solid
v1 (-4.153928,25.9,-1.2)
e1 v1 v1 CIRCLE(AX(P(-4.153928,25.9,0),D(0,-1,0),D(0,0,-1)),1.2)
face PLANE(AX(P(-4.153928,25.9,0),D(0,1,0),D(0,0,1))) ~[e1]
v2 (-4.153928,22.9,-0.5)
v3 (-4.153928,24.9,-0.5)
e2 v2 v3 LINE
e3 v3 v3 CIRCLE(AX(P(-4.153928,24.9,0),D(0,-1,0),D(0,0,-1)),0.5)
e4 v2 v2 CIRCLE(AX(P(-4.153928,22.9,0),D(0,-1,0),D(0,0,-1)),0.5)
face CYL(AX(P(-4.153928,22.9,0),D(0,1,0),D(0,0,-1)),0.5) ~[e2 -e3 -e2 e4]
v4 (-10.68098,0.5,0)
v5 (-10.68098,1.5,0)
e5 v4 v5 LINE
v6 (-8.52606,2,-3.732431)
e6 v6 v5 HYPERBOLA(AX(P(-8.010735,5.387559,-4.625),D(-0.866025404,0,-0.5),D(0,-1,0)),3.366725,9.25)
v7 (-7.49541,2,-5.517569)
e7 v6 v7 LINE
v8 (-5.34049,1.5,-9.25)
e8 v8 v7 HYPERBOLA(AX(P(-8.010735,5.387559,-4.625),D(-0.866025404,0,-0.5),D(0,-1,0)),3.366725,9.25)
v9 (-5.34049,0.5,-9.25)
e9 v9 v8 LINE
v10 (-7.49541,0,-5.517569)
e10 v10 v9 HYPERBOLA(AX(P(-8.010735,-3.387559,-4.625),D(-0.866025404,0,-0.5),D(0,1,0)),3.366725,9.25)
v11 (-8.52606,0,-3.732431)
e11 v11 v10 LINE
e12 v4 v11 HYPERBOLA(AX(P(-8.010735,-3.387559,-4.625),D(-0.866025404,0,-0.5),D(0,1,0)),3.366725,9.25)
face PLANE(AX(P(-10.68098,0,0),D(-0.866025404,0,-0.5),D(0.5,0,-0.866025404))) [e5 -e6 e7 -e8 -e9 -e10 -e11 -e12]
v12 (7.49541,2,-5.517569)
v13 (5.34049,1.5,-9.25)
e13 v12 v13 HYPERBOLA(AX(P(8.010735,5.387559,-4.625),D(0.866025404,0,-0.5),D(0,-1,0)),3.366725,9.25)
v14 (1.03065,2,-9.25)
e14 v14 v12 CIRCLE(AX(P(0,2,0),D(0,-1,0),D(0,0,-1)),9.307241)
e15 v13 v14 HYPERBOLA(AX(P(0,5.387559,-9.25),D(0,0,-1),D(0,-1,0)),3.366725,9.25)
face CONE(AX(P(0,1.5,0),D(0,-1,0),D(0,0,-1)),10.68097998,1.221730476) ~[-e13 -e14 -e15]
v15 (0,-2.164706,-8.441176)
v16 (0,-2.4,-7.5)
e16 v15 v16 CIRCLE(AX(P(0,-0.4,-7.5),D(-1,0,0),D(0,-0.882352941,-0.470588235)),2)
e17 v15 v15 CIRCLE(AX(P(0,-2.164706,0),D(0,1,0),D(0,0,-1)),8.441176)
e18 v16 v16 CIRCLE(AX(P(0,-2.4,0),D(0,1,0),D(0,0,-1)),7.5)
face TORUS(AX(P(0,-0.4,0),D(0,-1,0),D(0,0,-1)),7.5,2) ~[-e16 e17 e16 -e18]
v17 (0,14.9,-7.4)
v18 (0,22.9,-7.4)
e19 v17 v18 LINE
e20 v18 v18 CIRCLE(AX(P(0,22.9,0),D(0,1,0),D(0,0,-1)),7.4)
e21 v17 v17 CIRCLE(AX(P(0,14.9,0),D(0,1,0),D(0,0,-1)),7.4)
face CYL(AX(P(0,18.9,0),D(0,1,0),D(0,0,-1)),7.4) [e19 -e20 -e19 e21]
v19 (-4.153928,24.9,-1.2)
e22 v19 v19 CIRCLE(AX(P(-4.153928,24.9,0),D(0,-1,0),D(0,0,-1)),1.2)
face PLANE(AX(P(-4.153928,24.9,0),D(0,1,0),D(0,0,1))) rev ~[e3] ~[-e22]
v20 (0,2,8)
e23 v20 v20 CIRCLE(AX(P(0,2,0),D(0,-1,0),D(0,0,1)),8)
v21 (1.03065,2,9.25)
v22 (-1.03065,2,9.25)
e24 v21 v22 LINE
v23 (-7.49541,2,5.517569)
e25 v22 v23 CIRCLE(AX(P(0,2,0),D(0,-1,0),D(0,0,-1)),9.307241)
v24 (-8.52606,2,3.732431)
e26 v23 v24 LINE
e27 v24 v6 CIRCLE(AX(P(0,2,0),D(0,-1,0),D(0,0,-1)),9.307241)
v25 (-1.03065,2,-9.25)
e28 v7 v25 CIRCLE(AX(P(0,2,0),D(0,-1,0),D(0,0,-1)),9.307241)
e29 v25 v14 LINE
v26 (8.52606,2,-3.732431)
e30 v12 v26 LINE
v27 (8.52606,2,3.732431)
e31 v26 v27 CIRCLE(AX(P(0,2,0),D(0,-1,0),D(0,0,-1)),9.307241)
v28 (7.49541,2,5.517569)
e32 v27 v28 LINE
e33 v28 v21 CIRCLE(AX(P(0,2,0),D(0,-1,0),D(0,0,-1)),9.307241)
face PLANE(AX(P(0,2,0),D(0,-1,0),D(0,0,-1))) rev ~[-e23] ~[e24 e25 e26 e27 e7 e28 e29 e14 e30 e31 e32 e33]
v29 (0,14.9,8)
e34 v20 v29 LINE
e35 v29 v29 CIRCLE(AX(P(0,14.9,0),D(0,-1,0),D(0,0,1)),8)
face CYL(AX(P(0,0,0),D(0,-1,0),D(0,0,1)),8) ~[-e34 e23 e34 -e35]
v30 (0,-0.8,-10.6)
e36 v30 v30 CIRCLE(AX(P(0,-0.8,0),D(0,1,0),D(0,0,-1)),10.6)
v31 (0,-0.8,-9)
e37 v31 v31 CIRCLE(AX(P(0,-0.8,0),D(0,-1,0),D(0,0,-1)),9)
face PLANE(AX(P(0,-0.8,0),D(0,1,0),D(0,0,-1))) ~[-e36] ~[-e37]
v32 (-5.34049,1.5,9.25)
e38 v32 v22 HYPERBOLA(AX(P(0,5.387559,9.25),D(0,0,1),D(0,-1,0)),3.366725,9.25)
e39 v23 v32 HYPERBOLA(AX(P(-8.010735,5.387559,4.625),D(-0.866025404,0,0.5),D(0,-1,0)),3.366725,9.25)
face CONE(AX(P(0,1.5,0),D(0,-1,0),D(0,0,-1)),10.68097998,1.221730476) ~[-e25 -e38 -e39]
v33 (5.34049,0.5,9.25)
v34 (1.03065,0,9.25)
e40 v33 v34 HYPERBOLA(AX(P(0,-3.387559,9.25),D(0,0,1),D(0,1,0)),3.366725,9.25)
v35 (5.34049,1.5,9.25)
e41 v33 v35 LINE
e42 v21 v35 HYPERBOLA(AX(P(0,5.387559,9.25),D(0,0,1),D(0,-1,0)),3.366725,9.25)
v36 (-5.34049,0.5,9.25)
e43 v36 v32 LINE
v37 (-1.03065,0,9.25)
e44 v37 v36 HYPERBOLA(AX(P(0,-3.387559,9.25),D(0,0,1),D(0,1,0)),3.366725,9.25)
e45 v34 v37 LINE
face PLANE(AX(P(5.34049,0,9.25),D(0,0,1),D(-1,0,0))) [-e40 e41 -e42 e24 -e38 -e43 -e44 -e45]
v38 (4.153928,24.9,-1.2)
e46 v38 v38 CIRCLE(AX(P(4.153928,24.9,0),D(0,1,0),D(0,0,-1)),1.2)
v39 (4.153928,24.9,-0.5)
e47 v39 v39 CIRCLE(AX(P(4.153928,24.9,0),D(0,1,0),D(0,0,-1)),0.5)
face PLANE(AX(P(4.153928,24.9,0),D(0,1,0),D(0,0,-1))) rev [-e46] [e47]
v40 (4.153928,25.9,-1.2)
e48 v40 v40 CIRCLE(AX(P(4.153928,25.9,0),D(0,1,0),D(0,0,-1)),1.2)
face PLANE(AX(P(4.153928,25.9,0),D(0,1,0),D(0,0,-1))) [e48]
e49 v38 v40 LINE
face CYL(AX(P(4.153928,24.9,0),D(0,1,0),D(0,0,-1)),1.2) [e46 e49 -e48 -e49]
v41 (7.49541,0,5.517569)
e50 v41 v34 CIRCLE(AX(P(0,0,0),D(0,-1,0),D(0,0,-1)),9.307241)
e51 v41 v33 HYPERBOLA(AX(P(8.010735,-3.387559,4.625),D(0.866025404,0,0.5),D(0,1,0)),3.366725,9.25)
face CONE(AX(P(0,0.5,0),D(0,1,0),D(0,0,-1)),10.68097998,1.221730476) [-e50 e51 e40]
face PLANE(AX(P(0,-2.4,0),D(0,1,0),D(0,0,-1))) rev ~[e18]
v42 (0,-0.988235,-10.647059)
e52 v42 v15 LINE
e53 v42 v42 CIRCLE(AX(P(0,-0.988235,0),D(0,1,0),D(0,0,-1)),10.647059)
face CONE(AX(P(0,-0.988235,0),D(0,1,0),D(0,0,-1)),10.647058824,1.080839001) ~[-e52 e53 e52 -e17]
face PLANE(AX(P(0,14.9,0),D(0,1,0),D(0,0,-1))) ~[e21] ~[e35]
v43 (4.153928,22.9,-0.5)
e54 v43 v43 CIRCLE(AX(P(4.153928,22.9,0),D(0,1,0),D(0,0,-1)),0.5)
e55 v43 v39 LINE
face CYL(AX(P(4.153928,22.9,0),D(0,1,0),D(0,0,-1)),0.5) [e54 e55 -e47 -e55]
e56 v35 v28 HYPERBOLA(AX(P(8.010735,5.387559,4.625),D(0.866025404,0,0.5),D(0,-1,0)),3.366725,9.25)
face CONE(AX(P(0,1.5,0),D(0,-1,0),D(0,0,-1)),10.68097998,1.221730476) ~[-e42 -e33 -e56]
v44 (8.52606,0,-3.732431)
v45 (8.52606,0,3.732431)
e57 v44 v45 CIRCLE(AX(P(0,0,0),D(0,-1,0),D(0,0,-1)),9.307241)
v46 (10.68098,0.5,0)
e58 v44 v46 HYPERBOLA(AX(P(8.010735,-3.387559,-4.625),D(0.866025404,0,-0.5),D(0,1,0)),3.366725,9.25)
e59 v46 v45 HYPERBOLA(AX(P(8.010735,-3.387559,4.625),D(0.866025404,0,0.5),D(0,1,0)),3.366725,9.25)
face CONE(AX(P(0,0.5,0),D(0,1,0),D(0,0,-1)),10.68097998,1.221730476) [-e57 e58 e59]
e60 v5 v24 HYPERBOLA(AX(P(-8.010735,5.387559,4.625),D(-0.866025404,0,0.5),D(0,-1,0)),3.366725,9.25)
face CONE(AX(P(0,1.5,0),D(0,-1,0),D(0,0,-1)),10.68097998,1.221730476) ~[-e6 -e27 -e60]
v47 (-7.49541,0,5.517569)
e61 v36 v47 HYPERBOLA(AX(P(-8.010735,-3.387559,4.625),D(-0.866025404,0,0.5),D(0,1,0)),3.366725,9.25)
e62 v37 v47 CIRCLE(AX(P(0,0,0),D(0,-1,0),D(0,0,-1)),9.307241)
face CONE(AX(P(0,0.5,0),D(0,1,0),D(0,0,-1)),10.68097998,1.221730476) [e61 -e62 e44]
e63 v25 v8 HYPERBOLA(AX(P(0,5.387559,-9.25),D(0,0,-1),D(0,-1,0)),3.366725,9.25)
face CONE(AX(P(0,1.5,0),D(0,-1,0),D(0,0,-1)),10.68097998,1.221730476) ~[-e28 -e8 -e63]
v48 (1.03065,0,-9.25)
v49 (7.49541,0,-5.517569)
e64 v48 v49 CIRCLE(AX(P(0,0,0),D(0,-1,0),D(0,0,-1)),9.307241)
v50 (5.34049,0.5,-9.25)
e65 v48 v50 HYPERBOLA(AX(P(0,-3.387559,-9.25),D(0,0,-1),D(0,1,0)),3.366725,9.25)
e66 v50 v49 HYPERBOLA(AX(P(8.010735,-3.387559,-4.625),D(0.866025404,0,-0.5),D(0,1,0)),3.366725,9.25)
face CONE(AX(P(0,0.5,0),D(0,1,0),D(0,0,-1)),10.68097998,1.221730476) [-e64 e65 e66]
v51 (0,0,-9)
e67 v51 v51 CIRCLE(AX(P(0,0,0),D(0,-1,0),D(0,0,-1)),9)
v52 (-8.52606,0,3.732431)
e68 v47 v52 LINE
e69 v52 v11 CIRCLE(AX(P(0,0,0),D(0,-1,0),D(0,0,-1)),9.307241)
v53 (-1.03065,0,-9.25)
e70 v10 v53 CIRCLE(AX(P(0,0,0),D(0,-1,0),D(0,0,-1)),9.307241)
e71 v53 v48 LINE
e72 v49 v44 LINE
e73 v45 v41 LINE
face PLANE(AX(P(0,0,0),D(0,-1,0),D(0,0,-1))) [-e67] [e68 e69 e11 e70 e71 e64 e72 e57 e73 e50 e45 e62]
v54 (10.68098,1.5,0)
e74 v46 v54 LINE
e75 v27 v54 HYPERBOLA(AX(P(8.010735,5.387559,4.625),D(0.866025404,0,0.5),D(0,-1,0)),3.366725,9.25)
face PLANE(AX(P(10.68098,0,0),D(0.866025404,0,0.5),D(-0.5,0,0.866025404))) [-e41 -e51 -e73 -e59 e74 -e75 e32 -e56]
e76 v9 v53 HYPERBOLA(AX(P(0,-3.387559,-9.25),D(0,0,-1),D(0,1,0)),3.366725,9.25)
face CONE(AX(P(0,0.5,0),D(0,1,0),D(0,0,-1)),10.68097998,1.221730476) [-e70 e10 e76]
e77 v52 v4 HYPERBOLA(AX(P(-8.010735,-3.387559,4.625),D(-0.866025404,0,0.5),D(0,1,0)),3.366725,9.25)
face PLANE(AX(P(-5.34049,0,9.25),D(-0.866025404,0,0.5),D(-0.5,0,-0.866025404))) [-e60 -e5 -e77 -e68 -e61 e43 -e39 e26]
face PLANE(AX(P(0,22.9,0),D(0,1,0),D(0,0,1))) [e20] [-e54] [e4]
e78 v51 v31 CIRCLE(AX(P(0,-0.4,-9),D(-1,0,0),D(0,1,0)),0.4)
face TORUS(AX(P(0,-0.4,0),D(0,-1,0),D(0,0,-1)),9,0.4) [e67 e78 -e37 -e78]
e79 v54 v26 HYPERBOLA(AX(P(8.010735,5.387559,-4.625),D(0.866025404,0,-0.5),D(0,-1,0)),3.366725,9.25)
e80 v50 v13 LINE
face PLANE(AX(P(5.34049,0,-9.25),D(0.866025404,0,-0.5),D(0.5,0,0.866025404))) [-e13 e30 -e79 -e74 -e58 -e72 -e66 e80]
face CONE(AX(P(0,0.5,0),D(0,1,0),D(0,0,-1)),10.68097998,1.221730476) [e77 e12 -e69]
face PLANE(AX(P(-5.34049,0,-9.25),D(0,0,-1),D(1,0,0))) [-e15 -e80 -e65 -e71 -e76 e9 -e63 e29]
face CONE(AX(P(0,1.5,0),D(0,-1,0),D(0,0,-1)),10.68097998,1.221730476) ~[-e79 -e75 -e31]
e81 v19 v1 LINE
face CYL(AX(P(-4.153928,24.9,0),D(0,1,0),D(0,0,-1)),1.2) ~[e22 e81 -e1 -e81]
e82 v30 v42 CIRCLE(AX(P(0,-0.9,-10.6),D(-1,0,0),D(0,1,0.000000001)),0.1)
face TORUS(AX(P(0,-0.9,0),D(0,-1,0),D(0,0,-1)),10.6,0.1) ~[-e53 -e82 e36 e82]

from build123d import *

# Parameters (mm, degrees)
SKETCH_2_R          = 8
EXTRUDE_1_DEPTH     = 22.9
SKETCH_4_R          = 10.68097998
EXTRUDE_3_DEPTH     = 2
CHAMFER_1_SIZE      = 0.5
CHAMFER_1_SIZE2     = 1.37373871
CHAMFER_2_SIZE      = 0.5
CHAMFER_2_SIZE2     = 1.37373871
CUT_EXTRUDE_1_DEPTH = 2
SKETCH_9_W          = 0.6
SKETCH_9_H          = 8


with BuildPart() as part:
    # 草图2 → 凸台-拉伸1 (new body)
    with BuildSketch(Plane(origin=(0, 0, 0), x_dir=(1, 0, 0), z_dir=(0, 1, 0))):
        with Locations(Location((0, 0, 0), (0, 0, 270))):
            Circle(SKETCH_2_R)
    extrude(amount=EXTRUDE_1_DEPTH)

    # 草图4 → 凸台-拉伸3 (add)
    with BuildSketch(Plane.XZ):
        with Locations(Location((0, 0, 0), (0, 0, 270))):
            Circle(SKETCH_4_R)
    extrude(amount=-EXTRUDE_3_DEPTH)

    # 倒角1
    chamfer_1_edges = [part.edges().sort_by_distance(p)[0] for p in [
        (0, 0, 10.68097998),
    ]]
    chamfer_1_side = [part.faces().sort_by_distance(p)[0] for p in [
        (0, 1, 10.68097998),
    ]]
    chamfer(chamfer_1_edges, length=CHAMFER_1_SIZE, length2=CHAMFER_1_SIZE2, reference=chamfer_1_side[0])

    # 倒角2
    chamfer_2_edges = [part.edges().sort_by_distance(p)[0] for p in [
        (0, 2, 10.68097998),
    ]]
    chamfer_2_side = [part.faces().sort_by_distance(p)[0] for p in [
        (0, 1.25, 10.68097998),
    ]]
    chamfer(chamfer_2_edges, length=CHAMFER_2_SIZE, length2=CHAMFER_2_SIZE2, reference=chamfer_2_side[0])

    # 草图1 → 切除-拉伸1 (cut)
    with BuildSketch(Plane(origin=(0, 0, 0), x_dir=(1, 0, 0), z_dir=(0, 1, 0))):
        with BuildLine():
            Line((5.34048999, 9.25), (10.68097998, 0))
            ThreePointArc((10.68097998, 0), (9.25, 5.34048999), (5.34048999, 9.25))
        make_face()
        with BuildLine():
            Line((-5.34048999, 9.25), (5.34048999, 9.25))
            ThreePointArc((5.34048999, 9.25), (0, 10.68097998), (-5.34048999, 9.25))
        make_face()
        with BuildLine():
            ThreePointArc((5.34048999, -9.25), (9.25, -5.34048999), (10.68097998, 0))
            Line((10.68097998, 0), (5.34048999, -9.25))
        make_face()
        with BuildLine():
            ThreePointArc((-5.34048999, -9.25), (0, -10.68097998), (5.34048999, -9.25))
            Line((5.34048999, -9.25), (-5.34048999, -9.25))
        make_face()
        with BuildLine():
            ThreePointArc((-10.68097998, 0), (-9.25, -5.34048999), (-5.34048999, -9.25))
            Line((-5.34048999, -9.25), (-10.68097998, 0))
        make_face()
        with BuildLine():
            Line((-10.68097998, 0), (-5.34048999, 9.25))
            ThreePointArc((-5.34048999, 9.25), (-9.25, 5.34048999), (-10.68097998, 0))
        make_face()
    extrude(amount=CUT_EXTRUDE_1_DEPTH, mode=Mode.SUBTRACT)

    # 草图6 → 旋转1 (revolve)
    with BuildSketch(Plane.XY, mode=Mode.PRIVATE) as revolve_1_sk:
        with BuildLine():
            Line((0, 0), (9, 0))
            ThreePointArc((9, 0), (9.4, -0.4), (9, -0.8))
            Line((9, -0.8), (0, -0.8))
            Line((0, -0.8), (0, 0))
        make_face()
    revolve(revolve_1_sk.sketch.rotate(Axis((0, 0, 0), (0, -1, 0)), 270), axis=Axis((0, 0, 0), (0, -1, 0)))

    # 草图7 → 旋转2 (revolve)
    with BuildSketch(Plane.XY, mode=Mode.PRIVATE) as revolve_2_sk:
        with BuildLine():
            Line((0, -0.8), (10.6, -0.8))
            ThreePointArc((10.6, -0.8), (10.69701425, -0.875746437), (10.647058824, -0.988235294))
            Line((10.647058824, -0.988235294), (8.441176471, -2.164705882))
            ThreePointArc((8.441176471, -2.164705882), (7.98507125, -2.340285), (7.5, -2.4))
            Line((7.5, -2.4), (0, -2.4))
            Line((0, -2.4), (0, -0.8))
        make_face()
    revolve(revolve_2_sk.sketch.rotate(Axis((0, -2.4, 0), (0, 1, 0)), 90), axis=Axis((0, -2.4, 0), (0, 1, 0)))

    # 草图9 → 切除-旋转1 (revolve, cut)
    with BuildSketch(Plane.XY, mode=Mode.PRIVATE) as cut_revolve_1_sk:
        with Locations((7.7, 18.9)):
            Rectangle(SKETCH_9_W, SKETCH_9_H)
    revolve(cut_revolve_1_sk.sketch.rotate(Axis((0, 0, 0), (0, 1, 0)), 90), axis=Axis((0, 0, 0), (0, 1, 0)), mode=Mode.SUBTRACT)

    # 草图10 → 旋转4 (revolve)
    with BuildSketch(Plane.XY, mode=Mode.PRIVATE) as revolve_4_sk:
        Polygon((4.153927956, 22.9), (4.653927956, 22.9), (4.653927956, 24.9), (5.353927956, 24.9), (5.353927956, 25.9), (4.153927956, 25.9), align=None)
    revolve_4 = revolve(revolve_4_sk.sketch.rotate(Axis((4.153927956, 22.9, 0), (0, 1, 0)), 90), axis=Axis((4.153927956, 22.9, 0), (0, 1, 0)))

    # 镜向1: 旋转4 across plane
    add(revolve_4.mirror(Plane(origin=(0, 0, 0), x_dir=(0, 0, 1), z_dir=(1, 0, 0))))


solid = part.part
